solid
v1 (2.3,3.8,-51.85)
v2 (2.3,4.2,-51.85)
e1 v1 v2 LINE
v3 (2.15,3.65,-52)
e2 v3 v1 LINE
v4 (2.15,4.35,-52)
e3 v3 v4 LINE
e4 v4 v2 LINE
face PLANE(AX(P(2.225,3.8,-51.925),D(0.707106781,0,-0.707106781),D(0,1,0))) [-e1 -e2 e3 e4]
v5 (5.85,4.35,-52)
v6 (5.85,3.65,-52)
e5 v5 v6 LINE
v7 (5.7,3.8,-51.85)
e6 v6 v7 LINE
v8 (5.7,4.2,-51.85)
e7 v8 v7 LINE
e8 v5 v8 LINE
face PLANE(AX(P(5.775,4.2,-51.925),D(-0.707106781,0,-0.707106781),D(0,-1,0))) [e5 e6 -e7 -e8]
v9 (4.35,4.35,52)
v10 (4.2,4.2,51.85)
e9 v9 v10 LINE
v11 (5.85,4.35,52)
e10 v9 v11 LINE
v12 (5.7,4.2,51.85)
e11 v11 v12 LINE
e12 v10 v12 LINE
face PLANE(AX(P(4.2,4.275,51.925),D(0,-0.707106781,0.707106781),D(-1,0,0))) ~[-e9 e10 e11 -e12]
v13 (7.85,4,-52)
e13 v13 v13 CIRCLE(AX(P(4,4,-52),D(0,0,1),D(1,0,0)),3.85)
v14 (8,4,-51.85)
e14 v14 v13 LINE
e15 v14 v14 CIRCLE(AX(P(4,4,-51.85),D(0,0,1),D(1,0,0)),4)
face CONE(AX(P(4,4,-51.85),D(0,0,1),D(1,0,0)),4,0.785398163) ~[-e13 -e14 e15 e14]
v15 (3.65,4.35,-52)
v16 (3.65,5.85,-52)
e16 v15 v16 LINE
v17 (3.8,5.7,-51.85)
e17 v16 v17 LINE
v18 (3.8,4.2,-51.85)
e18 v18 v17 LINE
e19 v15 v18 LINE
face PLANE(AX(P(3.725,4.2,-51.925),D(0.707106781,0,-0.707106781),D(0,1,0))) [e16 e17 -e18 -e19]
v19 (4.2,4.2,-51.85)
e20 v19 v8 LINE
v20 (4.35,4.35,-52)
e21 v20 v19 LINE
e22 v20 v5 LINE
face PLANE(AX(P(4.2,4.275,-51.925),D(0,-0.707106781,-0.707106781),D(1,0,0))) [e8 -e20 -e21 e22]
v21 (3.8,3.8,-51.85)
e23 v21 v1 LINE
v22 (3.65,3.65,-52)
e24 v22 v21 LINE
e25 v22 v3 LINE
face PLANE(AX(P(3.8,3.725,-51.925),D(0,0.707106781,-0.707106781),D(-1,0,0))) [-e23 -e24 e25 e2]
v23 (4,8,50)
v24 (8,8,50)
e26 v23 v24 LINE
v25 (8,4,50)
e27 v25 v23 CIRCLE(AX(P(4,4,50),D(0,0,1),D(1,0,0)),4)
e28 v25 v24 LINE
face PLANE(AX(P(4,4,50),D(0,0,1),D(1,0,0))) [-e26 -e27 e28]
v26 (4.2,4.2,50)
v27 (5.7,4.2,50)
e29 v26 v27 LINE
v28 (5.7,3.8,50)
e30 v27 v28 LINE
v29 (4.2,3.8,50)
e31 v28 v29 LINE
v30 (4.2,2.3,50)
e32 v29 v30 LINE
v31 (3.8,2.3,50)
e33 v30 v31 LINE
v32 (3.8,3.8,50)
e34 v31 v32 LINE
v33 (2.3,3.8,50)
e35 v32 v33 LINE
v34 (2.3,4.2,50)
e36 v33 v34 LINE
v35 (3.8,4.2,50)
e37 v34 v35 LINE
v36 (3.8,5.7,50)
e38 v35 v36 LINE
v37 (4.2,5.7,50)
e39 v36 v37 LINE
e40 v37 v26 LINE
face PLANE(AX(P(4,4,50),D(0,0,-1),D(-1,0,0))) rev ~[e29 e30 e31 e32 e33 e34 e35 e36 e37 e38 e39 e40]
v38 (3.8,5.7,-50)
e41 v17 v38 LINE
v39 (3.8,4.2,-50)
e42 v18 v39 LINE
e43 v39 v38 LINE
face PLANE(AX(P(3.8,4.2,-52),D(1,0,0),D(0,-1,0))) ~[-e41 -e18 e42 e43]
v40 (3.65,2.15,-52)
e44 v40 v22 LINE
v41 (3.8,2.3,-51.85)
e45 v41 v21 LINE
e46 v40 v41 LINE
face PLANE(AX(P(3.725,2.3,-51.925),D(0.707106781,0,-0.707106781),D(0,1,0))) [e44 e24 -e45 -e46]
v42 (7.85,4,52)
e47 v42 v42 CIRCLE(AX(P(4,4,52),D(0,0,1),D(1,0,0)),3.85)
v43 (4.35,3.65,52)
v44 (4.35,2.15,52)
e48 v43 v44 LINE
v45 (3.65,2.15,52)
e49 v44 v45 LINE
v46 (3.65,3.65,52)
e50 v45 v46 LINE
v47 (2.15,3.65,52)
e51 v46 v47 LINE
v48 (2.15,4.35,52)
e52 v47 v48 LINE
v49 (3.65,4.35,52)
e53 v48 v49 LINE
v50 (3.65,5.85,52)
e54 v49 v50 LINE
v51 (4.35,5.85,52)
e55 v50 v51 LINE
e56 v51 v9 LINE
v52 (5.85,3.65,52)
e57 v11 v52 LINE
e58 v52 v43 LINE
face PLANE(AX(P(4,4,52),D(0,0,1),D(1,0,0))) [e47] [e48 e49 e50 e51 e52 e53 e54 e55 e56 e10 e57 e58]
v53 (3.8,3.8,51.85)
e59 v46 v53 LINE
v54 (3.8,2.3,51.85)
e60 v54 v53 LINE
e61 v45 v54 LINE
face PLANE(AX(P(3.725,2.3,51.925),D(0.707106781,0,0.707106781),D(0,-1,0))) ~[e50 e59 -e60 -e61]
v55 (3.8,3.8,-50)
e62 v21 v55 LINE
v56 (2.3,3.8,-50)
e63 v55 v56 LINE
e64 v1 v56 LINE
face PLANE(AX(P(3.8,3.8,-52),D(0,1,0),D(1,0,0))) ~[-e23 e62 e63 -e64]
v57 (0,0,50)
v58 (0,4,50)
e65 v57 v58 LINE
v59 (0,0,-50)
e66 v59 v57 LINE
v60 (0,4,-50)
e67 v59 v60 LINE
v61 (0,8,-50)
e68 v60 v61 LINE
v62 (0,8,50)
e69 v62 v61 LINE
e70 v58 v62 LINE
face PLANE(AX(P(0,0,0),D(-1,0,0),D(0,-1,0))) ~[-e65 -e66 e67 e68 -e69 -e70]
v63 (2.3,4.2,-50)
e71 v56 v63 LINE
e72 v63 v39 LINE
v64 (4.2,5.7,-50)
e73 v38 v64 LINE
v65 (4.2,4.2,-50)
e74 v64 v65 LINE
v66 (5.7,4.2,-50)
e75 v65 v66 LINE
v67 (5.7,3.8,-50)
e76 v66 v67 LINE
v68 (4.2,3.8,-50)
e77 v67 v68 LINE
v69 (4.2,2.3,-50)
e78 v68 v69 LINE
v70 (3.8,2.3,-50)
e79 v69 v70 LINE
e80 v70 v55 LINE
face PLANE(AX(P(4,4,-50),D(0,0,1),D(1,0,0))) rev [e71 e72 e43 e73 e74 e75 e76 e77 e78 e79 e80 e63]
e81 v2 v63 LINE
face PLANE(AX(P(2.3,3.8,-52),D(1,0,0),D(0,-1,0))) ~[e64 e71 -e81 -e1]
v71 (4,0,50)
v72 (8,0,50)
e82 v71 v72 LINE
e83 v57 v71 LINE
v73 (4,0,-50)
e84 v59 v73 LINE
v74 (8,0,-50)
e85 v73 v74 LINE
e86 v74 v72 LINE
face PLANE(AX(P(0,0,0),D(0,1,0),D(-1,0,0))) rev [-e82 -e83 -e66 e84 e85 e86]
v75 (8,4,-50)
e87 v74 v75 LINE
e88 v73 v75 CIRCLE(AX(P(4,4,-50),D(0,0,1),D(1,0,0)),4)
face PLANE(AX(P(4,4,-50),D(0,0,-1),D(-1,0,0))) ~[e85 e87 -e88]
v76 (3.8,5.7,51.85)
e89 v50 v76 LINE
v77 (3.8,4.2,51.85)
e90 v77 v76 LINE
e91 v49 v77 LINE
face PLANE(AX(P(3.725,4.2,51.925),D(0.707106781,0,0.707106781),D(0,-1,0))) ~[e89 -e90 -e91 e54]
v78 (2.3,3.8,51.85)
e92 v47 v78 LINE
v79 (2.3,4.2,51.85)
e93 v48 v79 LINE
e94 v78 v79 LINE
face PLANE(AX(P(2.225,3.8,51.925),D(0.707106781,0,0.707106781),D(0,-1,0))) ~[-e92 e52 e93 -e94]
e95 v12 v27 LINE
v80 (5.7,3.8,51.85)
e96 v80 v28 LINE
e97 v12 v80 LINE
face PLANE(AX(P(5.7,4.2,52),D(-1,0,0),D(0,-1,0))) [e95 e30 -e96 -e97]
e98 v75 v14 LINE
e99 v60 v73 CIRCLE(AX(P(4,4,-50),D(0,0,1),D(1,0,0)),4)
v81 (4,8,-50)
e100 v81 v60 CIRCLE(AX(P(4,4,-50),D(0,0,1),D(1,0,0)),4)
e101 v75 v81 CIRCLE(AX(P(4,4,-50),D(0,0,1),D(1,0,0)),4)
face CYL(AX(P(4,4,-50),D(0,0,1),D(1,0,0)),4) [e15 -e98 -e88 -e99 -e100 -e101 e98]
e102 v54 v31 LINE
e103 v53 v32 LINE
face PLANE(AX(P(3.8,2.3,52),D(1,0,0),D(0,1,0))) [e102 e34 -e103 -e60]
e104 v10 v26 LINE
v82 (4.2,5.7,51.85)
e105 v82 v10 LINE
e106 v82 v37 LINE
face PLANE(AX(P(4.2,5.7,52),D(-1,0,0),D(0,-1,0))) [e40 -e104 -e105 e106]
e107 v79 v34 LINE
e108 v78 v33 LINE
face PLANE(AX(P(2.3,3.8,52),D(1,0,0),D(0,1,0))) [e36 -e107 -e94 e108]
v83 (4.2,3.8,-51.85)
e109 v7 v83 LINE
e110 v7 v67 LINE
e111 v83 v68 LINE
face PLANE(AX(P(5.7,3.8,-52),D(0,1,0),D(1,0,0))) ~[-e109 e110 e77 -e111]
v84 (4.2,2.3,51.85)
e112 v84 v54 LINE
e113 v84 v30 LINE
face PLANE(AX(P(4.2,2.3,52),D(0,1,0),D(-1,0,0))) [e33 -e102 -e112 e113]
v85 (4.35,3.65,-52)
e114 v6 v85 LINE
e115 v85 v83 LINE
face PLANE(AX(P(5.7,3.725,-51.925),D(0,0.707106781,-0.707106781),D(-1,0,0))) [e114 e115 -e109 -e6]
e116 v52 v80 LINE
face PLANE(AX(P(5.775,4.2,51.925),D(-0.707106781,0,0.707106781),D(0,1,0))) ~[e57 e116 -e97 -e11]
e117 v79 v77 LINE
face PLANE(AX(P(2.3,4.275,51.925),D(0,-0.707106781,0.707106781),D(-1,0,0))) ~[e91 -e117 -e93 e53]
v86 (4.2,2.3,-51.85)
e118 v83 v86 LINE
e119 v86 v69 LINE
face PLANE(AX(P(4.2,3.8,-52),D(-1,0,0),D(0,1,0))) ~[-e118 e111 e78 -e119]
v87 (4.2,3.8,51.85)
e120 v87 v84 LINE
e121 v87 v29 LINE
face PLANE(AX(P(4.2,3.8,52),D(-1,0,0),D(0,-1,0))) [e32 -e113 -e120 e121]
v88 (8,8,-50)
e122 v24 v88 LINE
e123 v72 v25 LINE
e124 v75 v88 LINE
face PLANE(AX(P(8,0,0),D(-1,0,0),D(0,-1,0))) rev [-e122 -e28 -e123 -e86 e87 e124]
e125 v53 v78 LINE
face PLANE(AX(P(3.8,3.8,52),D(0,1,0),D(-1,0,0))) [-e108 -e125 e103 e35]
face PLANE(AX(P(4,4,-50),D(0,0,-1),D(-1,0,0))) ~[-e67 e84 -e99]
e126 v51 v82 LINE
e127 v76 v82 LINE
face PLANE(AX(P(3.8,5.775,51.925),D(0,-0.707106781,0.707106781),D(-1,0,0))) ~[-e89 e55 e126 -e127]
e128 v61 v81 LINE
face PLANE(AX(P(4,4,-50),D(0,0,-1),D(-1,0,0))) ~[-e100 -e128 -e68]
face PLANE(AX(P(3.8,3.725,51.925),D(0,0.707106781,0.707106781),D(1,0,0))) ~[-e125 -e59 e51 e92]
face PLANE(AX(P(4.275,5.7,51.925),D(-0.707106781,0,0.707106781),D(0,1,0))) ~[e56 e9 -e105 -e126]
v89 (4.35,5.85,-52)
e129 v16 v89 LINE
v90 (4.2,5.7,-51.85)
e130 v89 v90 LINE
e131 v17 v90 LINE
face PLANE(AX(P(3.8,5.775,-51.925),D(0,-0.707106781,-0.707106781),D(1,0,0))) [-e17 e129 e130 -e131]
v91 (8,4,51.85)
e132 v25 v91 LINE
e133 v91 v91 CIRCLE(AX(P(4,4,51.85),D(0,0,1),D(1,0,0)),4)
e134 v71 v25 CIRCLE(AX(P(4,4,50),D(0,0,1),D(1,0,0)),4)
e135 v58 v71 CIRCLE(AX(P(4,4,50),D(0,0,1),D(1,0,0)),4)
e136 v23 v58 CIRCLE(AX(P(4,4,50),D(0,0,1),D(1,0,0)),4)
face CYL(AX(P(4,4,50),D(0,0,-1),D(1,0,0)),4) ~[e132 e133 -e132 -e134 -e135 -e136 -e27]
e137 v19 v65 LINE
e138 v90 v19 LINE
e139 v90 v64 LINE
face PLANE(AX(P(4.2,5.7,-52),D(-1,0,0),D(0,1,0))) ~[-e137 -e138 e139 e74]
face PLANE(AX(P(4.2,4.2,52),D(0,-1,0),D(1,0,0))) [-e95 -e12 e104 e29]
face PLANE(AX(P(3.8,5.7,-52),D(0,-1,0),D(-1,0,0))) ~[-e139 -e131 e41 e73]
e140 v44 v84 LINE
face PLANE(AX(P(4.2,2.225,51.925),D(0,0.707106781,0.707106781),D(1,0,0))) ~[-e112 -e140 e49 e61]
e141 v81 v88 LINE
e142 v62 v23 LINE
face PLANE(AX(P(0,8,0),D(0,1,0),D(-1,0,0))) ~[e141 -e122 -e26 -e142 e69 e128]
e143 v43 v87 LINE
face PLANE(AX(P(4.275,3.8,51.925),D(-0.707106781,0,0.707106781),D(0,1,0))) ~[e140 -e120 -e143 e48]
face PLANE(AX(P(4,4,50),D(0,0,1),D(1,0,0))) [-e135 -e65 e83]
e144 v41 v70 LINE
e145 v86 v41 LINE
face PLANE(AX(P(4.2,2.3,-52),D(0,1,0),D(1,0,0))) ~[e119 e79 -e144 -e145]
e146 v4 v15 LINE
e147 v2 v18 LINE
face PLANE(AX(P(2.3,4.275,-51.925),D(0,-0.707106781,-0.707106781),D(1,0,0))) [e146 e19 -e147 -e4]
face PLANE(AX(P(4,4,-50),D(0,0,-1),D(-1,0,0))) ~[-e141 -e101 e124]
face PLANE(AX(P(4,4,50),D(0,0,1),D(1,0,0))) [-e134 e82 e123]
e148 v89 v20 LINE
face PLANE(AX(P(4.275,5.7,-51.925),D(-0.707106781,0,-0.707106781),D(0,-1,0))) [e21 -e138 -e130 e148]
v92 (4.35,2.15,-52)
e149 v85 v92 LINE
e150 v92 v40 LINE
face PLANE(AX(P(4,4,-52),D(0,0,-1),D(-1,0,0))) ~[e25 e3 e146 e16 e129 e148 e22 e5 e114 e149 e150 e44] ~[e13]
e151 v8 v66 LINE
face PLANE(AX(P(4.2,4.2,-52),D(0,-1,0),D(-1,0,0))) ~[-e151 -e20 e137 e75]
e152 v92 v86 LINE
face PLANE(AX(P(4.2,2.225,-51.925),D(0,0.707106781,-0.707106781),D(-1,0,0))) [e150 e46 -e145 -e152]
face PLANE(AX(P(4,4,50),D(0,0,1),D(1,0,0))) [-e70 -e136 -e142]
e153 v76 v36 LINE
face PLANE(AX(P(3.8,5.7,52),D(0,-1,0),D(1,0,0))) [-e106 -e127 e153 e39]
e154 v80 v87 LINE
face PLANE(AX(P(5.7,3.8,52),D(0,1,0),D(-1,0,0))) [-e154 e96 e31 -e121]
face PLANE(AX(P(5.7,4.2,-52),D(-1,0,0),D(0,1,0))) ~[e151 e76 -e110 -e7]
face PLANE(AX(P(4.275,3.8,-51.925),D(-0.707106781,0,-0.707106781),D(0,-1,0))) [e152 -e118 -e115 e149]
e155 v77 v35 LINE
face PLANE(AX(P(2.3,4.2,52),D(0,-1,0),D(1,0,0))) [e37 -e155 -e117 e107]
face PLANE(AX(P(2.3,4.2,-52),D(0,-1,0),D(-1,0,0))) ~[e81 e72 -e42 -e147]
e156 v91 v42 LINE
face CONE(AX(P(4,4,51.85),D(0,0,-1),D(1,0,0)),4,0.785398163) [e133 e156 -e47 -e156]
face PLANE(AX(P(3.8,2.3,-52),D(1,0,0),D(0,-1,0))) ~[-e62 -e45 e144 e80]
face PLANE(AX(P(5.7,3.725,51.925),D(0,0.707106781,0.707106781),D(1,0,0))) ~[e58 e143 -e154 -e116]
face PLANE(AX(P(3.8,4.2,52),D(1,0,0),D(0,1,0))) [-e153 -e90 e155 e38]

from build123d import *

# Parameters (mm, degrees)
SKETCH1_W           = 8
SKETCH1_H           = 8
BOSS_EXTRUDE1_DEPTH = 50
SKETCH2_R           = 4
BOSS_EXTRUDE2_DEPTH = 2
CUT_EXTRUDE1_DEPTH  = 2
CHAMFER2_SIZE       = 0.15


with BuildPart() as part:
    # Sketch1 → Boss-Extrude1 (new body)
    with BuildSketch(Plane.XY):
        with Locations((4, 4)):
            Rectangle(SKETCH1_W, SKETCH1_H)
    boss_extrude1 = extrude(amount=BOSS_EXTRUDE1_DEPTH)

    # Sketch2 → Boss-Extrude2 (add)
    with BuildSketch(Plane.XY.offset(50)):
        with Locations((4, 4)):
            Circle(SKETCH2_R)
    boss_extrude2 = extrude(amount=BOSS_EXTRUDE2_DEPTH)

    # Mirror1: Boss-Extrude1, Boss-Extrude2 across Front Plane
    add(boss_extrude1.mirror(Plane.XY))
    add(boss_extrude2.mirror(Plane.XY))

    # Sketch3 → Cut-Extrude1 (cut)
    with BuildSketch(Plane.XY.offset(52)):
        Polygon((3.8, 5.7), (4.2, 5.7), (4.2, 4.2), (5.7, 4.2), (5.7, 3.8), (4.2, 3.8), (4.2, 2.3), (3.8, 2.3), (3.8, 3.8), (2.3, 3.8), (2.3, 4.2), (3.8, 4.2), align=None)
    cut_extrude1 = extrude(amount=-CUT_EXTRUDE1_DEPTH, mode=Mode.SUBTRACT)

    # Mirror3: Cut-Extrude1 across plane
    add(cut_extrude1.mirror(Plane.XY), mode=Mode.SUBTRACT)

    # Chamfer2
    chamfer2_edges = [part.edges().sort_by_distance(p)[0] for p in [
        (0, 4, 52),
        (0, 4, -52),
        (4, 5.7, 52),
        (4.2, 4.95, 52),
        (4.95, 4.2, 52),
        (5.7, 4, 52),
        (3.8, 3.05, 52),
        (3.05, 3.8, 52),
        (3.8, 4.95, 52),
        (3.05, 4.2, 52),
        (2.3, 4, 52),
        (4, 2.3, 52),
        (4.2, 3.05, 52),
        (4.95, 3.8, 52),
        (3.8, 4.95, -52),
        (3.05, 4.2, -52),
        (2.3, 4, -52),
        (4, 2.3, -52),
        (4.2, 3.05, -52),
        (4.95, 3.8, -52),
        (4, 5.7, -52),
        (4.2, 4.95, -52),
        (4.95, 4.2, -52),
        (5.7, 4, -52),
        (3.8, 3.05, -52),
        (3.05, 3.8, -52),
    ]]
    chamfer(chamfer2_edges, length=CHAMFER2_SIZE)


solid = part.part
